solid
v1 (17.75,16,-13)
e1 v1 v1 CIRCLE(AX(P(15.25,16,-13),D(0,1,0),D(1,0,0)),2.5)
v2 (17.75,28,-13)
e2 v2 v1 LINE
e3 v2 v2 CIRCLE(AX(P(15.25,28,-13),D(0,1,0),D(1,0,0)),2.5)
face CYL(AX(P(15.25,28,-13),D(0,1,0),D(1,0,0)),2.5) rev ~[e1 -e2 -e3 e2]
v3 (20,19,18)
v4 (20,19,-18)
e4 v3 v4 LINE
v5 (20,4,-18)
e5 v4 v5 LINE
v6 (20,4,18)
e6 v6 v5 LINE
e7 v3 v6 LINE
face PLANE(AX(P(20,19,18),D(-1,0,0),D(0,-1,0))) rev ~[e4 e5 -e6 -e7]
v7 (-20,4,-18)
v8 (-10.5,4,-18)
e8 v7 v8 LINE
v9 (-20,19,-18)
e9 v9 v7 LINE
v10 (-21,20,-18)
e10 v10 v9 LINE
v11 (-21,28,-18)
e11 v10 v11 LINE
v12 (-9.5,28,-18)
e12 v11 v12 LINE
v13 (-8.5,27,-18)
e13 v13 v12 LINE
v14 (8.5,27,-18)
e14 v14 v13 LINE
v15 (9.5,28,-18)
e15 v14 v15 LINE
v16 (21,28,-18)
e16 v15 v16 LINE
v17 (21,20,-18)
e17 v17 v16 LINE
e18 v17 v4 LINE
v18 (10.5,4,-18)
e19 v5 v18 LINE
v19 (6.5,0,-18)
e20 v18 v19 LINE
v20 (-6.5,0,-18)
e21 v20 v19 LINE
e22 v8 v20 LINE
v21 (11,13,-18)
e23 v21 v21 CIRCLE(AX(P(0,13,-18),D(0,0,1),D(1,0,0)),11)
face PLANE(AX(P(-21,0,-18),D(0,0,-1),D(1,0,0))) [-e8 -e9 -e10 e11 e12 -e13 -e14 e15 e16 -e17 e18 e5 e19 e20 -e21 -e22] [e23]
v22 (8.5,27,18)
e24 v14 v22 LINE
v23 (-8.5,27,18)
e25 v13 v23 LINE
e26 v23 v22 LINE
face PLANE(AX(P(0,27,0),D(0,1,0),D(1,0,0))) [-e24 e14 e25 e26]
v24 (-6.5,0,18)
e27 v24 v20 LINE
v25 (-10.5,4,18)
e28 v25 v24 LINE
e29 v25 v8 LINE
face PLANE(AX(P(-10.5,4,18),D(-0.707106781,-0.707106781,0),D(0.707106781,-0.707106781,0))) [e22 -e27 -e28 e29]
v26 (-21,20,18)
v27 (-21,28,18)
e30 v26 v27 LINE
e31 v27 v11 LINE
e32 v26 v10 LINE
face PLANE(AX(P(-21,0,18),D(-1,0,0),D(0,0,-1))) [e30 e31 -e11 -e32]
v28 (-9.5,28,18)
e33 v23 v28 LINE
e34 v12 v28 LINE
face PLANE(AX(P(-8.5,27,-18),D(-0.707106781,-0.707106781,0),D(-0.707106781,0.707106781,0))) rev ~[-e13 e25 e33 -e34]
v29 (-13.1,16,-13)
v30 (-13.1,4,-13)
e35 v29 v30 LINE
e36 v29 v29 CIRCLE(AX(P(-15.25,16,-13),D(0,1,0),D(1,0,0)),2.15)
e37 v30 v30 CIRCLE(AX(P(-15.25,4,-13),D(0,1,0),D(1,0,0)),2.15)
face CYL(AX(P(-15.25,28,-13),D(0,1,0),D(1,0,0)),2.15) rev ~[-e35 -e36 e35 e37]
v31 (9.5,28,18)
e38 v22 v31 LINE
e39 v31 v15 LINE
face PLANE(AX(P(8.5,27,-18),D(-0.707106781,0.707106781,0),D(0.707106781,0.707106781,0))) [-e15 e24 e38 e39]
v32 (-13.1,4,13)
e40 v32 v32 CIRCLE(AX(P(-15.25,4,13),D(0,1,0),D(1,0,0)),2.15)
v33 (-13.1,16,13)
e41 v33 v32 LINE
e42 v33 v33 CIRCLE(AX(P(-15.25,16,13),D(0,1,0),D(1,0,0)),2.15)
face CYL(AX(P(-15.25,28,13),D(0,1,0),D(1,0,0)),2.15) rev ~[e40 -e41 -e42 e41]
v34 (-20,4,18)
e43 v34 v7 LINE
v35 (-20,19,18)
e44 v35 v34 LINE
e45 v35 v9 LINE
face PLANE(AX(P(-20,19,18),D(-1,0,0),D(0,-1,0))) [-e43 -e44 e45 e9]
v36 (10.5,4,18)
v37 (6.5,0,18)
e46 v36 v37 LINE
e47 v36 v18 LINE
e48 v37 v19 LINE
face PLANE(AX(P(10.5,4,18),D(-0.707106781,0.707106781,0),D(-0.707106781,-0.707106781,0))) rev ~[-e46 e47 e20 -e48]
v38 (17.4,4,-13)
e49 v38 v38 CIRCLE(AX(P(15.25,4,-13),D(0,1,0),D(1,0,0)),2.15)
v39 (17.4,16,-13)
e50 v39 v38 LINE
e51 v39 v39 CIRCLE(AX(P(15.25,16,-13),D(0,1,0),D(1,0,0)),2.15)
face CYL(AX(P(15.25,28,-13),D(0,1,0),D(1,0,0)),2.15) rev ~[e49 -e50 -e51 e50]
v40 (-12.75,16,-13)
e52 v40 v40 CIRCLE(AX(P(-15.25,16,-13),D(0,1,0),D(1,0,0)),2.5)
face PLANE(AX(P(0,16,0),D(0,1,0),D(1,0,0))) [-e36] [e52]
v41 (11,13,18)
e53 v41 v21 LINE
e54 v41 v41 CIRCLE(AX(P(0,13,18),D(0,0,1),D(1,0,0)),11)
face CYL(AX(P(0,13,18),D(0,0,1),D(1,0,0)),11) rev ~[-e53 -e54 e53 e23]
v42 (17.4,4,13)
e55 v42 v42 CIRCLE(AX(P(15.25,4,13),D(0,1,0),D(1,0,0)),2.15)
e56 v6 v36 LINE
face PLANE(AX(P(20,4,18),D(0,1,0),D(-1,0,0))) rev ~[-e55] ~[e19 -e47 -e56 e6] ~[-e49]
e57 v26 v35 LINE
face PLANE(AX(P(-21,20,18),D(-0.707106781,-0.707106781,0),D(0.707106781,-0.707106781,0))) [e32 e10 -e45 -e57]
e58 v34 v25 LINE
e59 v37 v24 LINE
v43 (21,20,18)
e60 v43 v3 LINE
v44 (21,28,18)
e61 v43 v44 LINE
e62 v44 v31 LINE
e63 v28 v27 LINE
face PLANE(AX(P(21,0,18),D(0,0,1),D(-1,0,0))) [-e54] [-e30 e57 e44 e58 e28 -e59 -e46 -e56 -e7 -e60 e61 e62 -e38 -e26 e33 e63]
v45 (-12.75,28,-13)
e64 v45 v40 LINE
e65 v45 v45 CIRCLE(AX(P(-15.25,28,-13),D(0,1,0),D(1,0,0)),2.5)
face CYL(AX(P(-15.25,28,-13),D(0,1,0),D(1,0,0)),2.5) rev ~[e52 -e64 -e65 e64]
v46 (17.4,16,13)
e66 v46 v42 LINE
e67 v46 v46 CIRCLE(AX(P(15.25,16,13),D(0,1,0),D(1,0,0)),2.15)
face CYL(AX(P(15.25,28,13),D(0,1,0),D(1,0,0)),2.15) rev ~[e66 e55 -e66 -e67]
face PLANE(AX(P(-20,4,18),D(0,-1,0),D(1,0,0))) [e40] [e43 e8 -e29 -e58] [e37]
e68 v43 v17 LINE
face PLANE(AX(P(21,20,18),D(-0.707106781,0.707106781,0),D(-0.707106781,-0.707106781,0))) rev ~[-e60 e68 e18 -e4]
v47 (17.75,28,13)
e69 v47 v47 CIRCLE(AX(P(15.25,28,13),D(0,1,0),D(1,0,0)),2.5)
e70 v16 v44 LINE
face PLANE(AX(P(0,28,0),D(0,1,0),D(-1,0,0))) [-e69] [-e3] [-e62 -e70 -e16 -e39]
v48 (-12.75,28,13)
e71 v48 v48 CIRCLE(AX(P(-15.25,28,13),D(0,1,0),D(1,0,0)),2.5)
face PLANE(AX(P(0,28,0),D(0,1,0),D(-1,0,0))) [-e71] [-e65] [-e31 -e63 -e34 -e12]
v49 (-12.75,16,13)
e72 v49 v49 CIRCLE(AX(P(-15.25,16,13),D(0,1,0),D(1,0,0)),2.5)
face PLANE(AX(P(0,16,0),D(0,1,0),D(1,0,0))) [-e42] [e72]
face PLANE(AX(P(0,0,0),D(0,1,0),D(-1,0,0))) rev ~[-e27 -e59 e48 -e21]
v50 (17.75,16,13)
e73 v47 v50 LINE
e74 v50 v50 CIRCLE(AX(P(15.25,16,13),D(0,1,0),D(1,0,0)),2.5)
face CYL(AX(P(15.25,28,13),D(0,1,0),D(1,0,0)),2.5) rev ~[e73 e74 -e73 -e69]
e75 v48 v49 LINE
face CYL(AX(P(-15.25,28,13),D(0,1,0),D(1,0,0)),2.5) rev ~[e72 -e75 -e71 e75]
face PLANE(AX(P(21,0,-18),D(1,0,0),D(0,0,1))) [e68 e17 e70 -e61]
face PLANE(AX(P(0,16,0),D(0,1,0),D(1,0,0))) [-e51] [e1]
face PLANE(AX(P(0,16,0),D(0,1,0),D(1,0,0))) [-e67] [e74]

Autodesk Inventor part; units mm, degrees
ref_plane "YZ Plane" through (0, 0, 0) normal (1, 0, 0) x (0, 1, 0)
ref_plane "XZ Plane" through (0, 0, 0) normal (0, 1, 0) x (-1, 0, 0)
ref_plane "XY Plane" through (0, 0, 0) normal (0, 0, 1) x (1, 0, 0)
sketch "Sketch1" plane through (0, 0, 0) normal (0, 1, 0) x (-1, 0, 0)
  line L0 (21, -18) -> (-21, -18)
  line L1 (-21, -18) -> (-21, 18)
  line L2 (-21, 18) -> (21, 18)
  line L3 (21, 18) -> (21, -18)
  line L4 (0, -18) -> (0, 18) construction
  line L5 (21, 0) -> (-21, 0) construction
  point P0 (0, 0)
  point P1 (0, 0)
  dimension "d0" = 42
  dimension "d1" = 36
extrude "Extrusion1" add sketch "Sketch1" along normal blind 28
sketch "Sketch2" plane through (-21, 0, 18) normal (0, 0, 1) x (1, 0, 0)
  line L0 (42, 28) -> (0, 28) projected
  line L1 (21, 28) -> (21, 0) construction
  line L2 (0, 0) -> (0, 28) projected
  line L3 (0, 13) -> (42, 13) construction
  circle A0 centre (21, 13) radius 11
  dimension "d4" = 15
  dimension "d5" = 22
extrude "Extrusion2" cut sketch "Sketch2" against normal up to next
sketch "Sketch3" plane through (0, 28, 0) normal (0, 1, 0) x (1, 0, 0)
  line L0 (-15.25, 13) -> (15.25, 13) construction
  line L1 (15.25, 13) -> (15.25, -13) construction
  line L2 (15.25, -13) -> (-15.25, -13) construction
  line L3 (-15.25, -13) -> (-15.25, 13) construction
  line L4 (0, 13) -> (0, -13) construction
  line L5 (-15.25, 0) -> (15.25, 0) construction
  circle A0 centre (-15.25, 13) radius 2.15
  circle A1 centre (-15.25, -13) radius 2.15
  circle A2 centre (15.25, 13) radius 2.15
  circle A3 centre (15.25, -13) radius 2.15
  point P0 (0, 0)
  point P1 (0, 0)
  dimension "d8" = 26
  dimension "d9" = 30.5
  dimension "d10" = 4.3
  dimension "d11" = 4.3
  dimension "d12" = 4.3
  dimension "d13" = 4.3
extrude "Extrusion3" cut sketch "Sketch3" against normal up to next
sketch "Sketch4" plane through (0, 28, 0) normal (0, 1, 0) x (1, 0, 0)
  circle A0 centre (15.25, -13) radius 2.15 projected
  circle A1 centre (15.25, -13) radius 2.5
  circle A2 centre (-15.25, -13) radius 2.15 projected
  circle A3 centre (-15.25, -13) radius 2.5
  circle A4 centre (15.25, 13) radius 2.15 projected
  circle A5 centre (15.25, 13) radius 2.5
  circle A6 centre (-15.25, 13) radius 2.15 projected
  circle A7 centre (-15.25, 13) radius 2.5
  point P0 (0, 0)
  dimension "d16" = 5
  dimension "d17" = 5
  dimension "d18" = 5
  dimension "d19" = 5
extrude "Extrusion5" cut sketch "Sketch4" against normal blind 12 contours A1 | A3 | A4 | A5 | A7
sketch "Sketch5" plane through (-21, 0, 18) normal (0, 0, 1) x (1, 0, 0)
  line L0 (0, 28) -> (42, 28) construction
  line L1 (21, 28) -> (21, 0) construction
  line L2 (42, 0) -> (0, 0) construction
  line L3 (0, 28) -> (0, 20)
  line L4 (0, 0) -> (0, 28) projected
  line L5 (21, 0) -> (14.5, 0)
  line L6 (10.5, 4) -> (14.5, 0)
  line L7 (0, 20) -> (1, 19)
  line L8 (1, 19) -> (1, 4)
  line L9 (1, 4) -> (10.5, 4)
  line L10 (0, 20) -> (0, 0)
  line L11 (14.5, 0) -> (0, 0)
  line L12 (0, 0) -> (42, 0) construction
  line L13 (42, 0) -> (42, 28)
  line L14 (31.5, 4) -> (27.5, 0)
  line L15 (42, 20) -> (41, 19)
  line L16 (41, 19) -> (41, 4)
  line L17 (41, 4) -> (31.5, 4)
  line L18 (27.5, 0) -> (42, 0)
  dimension "d27" = 8
  dimension "d28" = 9
  dimension "d29" = 135
  dimension "d35" = 9.5
  dimension "d43" = 135
  dimension "d44" = 24
extrude "Extrusion7" cut sketch "Sketch5" against normal up to next
sketch "Sketch6" plane through (0, 28, 0) normal (0, 1, 0) x (1, 0, 0)
  line L0 (6.5, -18) -> (10.5, -18) projected
  circle A0 centre (15.25, -13) radius 2.5 construction
  line L1 (15.25, -13) -> (15.25, -18) construction
  line L2 (-21, -18) -> (21, -18) construction
  line L3 (21, 18) -> (-21, 18) projected
  line L4 (9.5, 18) -> (-9.5, 18)
  line L5 (-9.5, 18) -> (-9.5, -18)
  line L6 (-9.5, -18) -> (9.5, -18)
  line L7 (9.5, -18) -> (9.5, 18)
  line L8 (0, -18) -> (0, 18) construction
  line L9 (0, 18) -> (0, -18) construction
  point P0 (0, 0)
  dimension "d36" = 5.75
extrude "Extrusion8" cut sketch "Sketch6" against normal blind 1
sketch "Sketch7" plane through (6.5, 0, -18) normal (0, 0, -1) x (-1, 0, 0)
  line L0 (16, 27) -> (-3, 27) projected
  line L1 (-3, 28) -> (-14.5, 28) projected
  line L2 (-3, 27) -> (-3, 28)
  line L3 (-3, 27) -> (-2, 27)
  line L4 (-2, 27) -> (-3, 28)
  line L5 (-3, 27) -> (-3, 28) construction
  line L6 (27.5, 28) -> (16, 28) construction
  line L7 (-3, 28) -> (16, 28) construction
  line L8 (6.5, 28) -> (6.5, 27) construction
  line L9 (-3, 27) -> (16, 27)
  line L10 (16, 27) -> (16, 28)
  line L11 (15, 27) -> (16, 28)
  line L12 (15, 27) -> (16, 27) construction
  point P0 (6.5, 0)
  dimension "d39" = 1
extrude "Extrusion9" add sketch "Sketch7" against normal blind 36
thread "Thread1" size "M5x0.8" class "6H" standard "ANSI Metric M Profile" full length
thread "Thread2" size "M5x0.8" class "6H" standard "ANSI Metric M Profile" full length
thread "Thread3" size "M5x0.8" class "6H" standard "ANSI Metric M Profile" full length
thread "Thread4" size "M5x0.8" class "6H" standard "ANSI Metric M Profile" full length
properties part number "SC12UU"
